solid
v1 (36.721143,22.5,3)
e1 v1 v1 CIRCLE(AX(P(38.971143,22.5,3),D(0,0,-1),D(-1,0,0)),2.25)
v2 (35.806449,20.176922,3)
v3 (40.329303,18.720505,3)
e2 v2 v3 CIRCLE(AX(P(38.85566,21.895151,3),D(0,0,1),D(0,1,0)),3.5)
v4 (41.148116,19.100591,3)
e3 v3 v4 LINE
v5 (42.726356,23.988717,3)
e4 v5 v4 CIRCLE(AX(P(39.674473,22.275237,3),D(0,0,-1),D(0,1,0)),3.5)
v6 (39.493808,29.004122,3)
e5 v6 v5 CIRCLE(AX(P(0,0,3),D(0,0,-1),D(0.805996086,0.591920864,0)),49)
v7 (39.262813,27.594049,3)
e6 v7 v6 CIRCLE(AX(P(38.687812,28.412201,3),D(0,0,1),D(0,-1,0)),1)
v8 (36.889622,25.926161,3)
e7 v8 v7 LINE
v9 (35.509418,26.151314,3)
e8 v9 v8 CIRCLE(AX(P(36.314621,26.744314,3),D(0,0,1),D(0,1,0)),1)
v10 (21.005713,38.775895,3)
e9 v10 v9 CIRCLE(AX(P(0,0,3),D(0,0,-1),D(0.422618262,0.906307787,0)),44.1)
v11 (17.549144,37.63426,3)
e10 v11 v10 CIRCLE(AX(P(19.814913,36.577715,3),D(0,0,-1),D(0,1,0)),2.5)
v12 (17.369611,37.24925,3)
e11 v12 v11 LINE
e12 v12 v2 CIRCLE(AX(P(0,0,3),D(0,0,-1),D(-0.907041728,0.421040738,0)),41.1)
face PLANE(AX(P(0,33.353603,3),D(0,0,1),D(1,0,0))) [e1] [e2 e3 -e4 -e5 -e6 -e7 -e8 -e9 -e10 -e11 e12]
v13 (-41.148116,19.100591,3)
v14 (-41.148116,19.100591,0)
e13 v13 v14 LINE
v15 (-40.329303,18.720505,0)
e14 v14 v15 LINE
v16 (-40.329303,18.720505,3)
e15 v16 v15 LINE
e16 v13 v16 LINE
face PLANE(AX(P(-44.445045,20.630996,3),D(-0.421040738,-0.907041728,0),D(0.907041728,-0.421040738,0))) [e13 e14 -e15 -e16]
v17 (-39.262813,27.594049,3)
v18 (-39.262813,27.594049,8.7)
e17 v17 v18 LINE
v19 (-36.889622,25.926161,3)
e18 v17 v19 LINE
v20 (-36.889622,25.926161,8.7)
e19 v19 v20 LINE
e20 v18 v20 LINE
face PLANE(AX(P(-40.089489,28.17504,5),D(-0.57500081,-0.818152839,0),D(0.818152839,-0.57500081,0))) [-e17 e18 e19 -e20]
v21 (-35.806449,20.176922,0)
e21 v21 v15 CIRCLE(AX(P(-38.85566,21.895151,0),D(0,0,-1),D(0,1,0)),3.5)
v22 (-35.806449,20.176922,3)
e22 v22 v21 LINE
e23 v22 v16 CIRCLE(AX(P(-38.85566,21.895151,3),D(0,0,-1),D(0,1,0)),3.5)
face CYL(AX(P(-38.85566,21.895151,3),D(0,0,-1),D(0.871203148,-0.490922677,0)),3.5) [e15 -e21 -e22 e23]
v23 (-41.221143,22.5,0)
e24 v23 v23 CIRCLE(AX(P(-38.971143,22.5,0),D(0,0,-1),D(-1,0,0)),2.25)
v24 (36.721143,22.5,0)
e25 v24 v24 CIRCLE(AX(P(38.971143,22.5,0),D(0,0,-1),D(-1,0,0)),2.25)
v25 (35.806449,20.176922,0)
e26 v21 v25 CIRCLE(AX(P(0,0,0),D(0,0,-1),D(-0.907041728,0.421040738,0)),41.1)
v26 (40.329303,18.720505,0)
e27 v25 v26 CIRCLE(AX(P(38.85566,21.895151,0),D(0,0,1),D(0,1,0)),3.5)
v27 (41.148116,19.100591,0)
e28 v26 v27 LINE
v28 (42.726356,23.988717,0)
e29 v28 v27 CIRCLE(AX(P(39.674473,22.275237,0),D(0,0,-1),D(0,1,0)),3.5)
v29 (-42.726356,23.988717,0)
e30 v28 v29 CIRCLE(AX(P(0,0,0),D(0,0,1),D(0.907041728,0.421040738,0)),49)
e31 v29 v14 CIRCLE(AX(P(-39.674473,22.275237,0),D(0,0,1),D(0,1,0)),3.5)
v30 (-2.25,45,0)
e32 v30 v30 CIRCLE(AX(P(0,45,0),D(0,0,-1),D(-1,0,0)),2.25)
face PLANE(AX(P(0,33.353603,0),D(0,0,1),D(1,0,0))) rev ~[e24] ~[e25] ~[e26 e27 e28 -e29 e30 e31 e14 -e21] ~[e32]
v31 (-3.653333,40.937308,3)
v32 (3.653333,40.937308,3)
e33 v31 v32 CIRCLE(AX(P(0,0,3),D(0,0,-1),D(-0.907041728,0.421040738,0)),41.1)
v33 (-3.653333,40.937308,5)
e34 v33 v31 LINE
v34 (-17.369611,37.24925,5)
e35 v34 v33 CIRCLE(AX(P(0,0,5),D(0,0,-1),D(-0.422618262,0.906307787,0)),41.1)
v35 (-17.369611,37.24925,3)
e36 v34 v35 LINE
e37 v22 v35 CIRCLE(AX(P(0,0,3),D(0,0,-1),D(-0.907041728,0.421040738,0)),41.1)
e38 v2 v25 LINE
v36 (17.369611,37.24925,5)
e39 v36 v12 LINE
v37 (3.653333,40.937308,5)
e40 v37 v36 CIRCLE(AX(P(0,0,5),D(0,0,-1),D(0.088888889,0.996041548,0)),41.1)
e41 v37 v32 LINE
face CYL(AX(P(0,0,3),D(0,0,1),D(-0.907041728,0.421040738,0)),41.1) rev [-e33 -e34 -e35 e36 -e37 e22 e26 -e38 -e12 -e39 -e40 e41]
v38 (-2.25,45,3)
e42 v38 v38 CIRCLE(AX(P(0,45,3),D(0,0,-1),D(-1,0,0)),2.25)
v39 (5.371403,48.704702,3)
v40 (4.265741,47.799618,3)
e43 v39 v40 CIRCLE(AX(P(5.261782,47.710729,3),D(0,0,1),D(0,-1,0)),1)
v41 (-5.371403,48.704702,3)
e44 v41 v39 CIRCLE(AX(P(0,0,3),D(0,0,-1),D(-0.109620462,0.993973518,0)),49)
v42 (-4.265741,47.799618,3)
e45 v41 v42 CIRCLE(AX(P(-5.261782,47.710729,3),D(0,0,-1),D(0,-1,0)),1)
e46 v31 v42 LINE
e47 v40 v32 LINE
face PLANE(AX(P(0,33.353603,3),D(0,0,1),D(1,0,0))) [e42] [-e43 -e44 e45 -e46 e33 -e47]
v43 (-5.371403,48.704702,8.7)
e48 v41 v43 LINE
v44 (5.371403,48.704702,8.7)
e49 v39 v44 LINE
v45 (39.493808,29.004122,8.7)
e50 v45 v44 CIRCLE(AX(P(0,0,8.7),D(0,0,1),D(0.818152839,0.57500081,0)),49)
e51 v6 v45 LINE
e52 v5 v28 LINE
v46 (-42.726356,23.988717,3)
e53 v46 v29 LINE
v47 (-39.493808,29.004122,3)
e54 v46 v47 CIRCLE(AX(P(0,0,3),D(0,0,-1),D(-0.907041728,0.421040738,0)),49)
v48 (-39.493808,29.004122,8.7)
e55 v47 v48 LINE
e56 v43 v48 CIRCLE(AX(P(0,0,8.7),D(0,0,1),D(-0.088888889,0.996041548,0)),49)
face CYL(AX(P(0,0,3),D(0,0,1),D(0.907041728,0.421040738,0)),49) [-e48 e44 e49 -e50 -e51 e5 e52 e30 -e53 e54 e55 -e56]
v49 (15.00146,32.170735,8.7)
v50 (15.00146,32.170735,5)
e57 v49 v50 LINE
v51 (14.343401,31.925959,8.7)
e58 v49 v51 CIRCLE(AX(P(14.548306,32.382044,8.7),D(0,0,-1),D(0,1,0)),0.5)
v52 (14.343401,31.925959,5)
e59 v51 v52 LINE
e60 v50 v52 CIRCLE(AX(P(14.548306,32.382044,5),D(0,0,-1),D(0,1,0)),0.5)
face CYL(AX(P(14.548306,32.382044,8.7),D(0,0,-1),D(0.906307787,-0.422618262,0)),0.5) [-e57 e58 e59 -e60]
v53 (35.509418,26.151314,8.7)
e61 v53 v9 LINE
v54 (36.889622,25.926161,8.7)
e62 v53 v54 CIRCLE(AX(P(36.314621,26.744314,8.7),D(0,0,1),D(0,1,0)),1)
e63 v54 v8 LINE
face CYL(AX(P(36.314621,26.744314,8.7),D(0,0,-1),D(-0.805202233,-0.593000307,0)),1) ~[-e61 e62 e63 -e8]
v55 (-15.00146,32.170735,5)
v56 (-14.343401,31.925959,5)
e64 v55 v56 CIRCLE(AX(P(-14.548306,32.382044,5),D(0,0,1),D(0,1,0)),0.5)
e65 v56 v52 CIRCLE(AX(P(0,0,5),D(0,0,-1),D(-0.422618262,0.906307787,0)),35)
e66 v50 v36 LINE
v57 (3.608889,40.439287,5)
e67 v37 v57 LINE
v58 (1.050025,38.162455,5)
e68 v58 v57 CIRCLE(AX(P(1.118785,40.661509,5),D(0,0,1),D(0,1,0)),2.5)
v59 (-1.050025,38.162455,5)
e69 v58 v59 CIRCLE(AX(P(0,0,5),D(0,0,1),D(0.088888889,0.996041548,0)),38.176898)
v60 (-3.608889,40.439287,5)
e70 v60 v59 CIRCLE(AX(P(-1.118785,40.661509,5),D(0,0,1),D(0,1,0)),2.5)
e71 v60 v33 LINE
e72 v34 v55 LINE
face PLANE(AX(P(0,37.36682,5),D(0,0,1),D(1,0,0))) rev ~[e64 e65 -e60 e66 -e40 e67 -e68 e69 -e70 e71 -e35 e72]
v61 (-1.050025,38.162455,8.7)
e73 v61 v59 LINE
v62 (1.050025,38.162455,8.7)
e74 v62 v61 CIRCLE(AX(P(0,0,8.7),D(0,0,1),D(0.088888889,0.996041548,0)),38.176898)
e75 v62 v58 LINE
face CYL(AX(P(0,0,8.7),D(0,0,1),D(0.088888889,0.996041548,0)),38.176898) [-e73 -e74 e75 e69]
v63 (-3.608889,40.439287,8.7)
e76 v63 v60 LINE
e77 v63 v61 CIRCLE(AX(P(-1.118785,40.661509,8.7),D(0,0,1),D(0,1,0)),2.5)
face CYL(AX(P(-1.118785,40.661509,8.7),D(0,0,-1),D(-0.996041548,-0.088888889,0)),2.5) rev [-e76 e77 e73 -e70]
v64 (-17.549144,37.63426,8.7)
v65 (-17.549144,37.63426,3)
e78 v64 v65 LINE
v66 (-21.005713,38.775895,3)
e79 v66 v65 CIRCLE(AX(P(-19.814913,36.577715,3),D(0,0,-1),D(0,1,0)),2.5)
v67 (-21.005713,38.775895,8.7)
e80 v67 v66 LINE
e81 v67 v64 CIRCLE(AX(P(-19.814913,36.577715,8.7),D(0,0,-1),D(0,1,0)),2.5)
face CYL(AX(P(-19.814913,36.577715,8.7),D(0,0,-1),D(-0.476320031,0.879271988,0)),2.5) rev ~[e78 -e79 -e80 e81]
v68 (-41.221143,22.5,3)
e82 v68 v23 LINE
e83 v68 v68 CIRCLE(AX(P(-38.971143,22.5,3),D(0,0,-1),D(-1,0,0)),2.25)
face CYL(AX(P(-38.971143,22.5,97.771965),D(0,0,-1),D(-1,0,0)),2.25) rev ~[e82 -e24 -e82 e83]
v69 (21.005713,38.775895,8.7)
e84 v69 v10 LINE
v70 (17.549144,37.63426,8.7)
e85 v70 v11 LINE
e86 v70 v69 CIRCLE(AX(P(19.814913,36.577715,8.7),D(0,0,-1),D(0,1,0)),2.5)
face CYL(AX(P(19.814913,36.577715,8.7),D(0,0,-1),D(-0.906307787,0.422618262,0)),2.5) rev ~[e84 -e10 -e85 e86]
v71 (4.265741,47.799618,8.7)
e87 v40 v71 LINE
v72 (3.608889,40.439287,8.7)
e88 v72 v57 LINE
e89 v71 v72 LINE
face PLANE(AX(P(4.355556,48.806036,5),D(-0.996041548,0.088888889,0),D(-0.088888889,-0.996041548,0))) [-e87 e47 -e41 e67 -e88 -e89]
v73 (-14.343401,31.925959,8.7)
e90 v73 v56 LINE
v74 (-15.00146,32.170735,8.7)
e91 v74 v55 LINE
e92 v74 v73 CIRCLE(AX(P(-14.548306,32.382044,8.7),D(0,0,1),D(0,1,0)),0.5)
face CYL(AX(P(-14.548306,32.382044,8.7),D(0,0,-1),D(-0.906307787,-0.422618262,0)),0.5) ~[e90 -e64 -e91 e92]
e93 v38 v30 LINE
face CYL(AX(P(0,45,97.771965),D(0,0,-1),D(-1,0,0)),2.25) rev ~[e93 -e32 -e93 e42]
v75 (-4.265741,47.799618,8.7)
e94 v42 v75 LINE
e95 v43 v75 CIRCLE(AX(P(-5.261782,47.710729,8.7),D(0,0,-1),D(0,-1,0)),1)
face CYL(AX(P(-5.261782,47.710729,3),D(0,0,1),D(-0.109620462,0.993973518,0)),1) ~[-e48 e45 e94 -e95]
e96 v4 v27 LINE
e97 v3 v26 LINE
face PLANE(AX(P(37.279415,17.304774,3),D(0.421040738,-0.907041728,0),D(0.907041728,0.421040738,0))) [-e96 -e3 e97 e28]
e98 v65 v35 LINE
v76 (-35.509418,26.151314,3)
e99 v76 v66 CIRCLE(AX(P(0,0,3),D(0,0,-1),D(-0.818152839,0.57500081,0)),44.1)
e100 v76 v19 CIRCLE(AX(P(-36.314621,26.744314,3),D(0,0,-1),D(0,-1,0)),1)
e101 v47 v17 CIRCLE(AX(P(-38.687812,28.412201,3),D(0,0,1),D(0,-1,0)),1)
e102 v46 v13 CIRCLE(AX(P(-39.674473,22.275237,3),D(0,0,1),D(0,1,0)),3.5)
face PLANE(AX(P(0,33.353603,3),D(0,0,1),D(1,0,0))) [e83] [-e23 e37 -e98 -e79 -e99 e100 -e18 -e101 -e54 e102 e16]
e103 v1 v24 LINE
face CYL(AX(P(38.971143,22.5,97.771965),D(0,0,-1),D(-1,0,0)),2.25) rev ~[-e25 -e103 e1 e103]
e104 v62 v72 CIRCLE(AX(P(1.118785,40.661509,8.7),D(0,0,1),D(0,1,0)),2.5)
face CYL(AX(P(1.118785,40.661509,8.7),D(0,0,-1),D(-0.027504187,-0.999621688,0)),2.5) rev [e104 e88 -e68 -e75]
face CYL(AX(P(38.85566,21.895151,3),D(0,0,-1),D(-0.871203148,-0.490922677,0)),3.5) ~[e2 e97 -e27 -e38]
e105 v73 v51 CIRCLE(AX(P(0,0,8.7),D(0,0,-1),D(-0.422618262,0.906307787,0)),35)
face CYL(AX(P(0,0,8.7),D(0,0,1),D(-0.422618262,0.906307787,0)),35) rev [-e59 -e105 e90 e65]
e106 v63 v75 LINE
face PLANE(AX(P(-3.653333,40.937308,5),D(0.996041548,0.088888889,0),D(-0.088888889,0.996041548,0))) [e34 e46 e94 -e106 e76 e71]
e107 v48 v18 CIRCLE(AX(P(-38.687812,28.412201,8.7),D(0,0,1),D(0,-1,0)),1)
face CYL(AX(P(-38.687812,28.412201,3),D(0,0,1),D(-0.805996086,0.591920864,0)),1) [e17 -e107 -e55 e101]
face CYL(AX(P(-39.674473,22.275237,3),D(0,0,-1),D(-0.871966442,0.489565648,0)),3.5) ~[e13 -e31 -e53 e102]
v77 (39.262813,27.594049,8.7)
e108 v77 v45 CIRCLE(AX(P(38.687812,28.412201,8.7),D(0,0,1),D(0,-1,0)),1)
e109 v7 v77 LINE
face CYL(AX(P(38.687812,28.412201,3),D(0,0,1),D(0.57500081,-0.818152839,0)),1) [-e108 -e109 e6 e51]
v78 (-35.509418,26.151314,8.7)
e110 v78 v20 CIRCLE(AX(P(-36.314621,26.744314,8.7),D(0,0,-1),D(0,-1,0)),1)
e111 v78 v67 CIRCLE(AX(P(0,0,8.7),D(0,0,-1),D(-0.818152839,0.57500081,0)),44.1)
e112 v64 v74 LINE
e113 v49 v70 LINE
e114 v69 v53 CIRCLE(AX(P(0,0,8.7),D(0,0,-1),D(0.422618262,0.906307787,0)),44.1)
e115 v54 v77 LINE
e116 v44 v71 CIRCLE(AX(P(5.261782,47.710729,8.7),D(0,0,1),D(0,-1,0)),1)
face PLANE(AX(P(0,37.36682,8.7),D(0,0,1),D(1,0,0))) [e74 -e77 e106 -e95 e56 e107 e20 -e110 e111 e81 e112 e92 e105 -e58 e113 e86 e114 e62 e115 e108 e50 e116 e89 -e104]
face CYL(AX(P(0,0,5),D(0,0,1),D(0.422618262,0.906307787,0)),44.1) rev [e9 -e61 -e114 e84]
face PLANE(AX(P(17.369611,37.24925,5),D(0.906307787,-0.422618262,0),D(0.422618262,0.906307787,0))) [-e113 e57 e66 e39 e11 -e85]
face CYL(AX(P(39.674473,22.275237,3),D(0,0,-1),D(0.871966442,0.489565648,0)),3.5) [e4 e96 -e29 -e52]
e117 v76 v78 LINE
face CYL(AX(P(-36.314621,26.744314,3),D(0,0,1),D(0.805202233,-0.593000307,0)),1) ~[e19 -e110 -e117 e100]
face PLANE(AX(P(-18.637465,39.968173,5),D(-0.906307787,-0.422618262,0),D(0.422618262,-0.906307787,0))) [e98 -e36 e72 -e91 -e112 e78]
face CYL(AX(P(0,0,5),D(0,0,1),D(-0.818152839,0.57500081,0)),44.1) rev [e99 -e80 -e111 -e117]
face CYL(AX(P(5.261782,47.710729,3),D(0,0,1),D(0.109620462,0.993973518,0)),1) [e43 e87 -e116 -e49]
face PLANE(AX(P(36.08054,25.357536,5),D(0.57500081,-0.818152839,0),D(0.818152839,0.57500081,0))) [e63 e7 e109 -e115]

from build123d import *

# Parameters (mm, degrees)
EXTRUDE_1_DEPTH         = 3.699999999999999
EXTRUDE_2_DEPTH         = 2
EXTRUDE_3_DEPTH         = 2
EXTRUDE_4_DEPTH         = 2.9999999999999996
HOLE_WIZARD_4_5_4_5_1_D = 4.5
FILLET_1_R              = 0.5
FILLET_2_R              = 1
FILLET_3_R              = 2.5
FILLET_4_R              = 3.5


with BuildPart() as part:
    # 草图1 → 凸台-拉伸1 (new body)
    with BuildSketch(Plane.XY.offset(8.7)):
        with BuildLine():
            Line((14.79163916092453, 31.720772546282735), (18.637465342764905, 39.96817340831624))
            ThreePointArc((18.637465342764905, 39.96817340831624), (28.317533729903538, 33.807207566668026), (36.080540216984, 25.357535717230103))
            Line((36.080540216984, 25.357535717230103), (40.08948912998223, 28.17503968581122))
            ThreePointArc((40.08948912998223, 28.17503968581122), (24.49999999999949, 42.435244785437796), (4.3555555555549486, 48.80603585421044))
            Line((4.3555555555549486, 48.80603585421044), (3.3935020106793496, 38.025776205131926))
            ThreePointArc((3.3935020106793496, 38.025776205131926), (-2.3395e-13, 38.176897620148004), (-3.3935020106798226, 38.02577620513189))
            Line((-3.3935020106798226, 38.02577620513189), (-4.355555555555555, 48.80603585421038))
            ThreePointArc((-4.355555555555555, 48.80603585421038), (-24.50000000000001, 42.43524478543748), (-40.0894891299826, 28.17503968581074))
            Line((-40.0894891299826, 28.17503968581074), (-36.08054021698431, 25.357535717229652))
            ThreePointArc((-36.08054021698431, 25.357535717229652), (-28.317533729903744, 33.80720756666784), (-18.637465342764894, 39.96817340831625))
            Line((-18.637465342764894, 39.96817340831625), (-14.791639160924516, 31.720772546282742))
            ThreePointArc((-14.791639160924516, 31.720772546282742), (3.21e-15, 35.00000000000001), (14.79163916092453, 31.720772546282735))
        make_face()
    extrude(amount=-EXTRUDE_1_DEPTH)

    # 草图2 → 凸台-拉伸2 (add)
    with BuildSketch(Plane(origin=(0, 0, 5.000000000000001), x_dir=(-1, 0, 0), z_dir=(0, 0, -1))):
        with BuildLine():
            Line((-36.080540216984, 25.357535717230096), (-40.089489129982226, 28.175039685811218))
            ThreePointArc((-40.089489129982226, 28.175039685811218), (-24.499999999998106, 42.435244785438584), (-4.355555555551784, 48.806035854210705))
            Line((-4.355555555551784, 48.806035854210705), (-3.6533333333301714, 40.93730762465429))
            ThreePointArc((-3.6533333333301714, 40.93730762465429), (-10.67199534451459, 39.690282379527844), (-17.3696105575428, 37.249250047206296))
            Line((-17.3696105575428, 37.249250047206296), (-18.63746534276491, 39.96817340831625))
            ThreePointArc((-18.63746534276491, 39.96817340831625), (-28.317533729903555, 33.80720756666802), (-36.080540216984, 25.357535717230096))
        make_face()
    extrude(amount=EXTRUDE_2_DEPTH)

    # 草图3 → 凸台-拉伸3 (add)
    with BuildSketch(Plane(origin=(0, 0, 5.000000000000001), x_dir=(-1, 0, 0), z_dir=(0, 0, -1))):
        with BuildLine():
            Line((3.6533333333333347, 40.937307624654004), (4.355555555555555, 48.80603585421038))
            ThreePointArc((4.355555555555555, 48.80603585421038), (24.500000000000018, 42.43524478543748), (40.089489129982574, 28.175039685810727))
            Line((40.089489129982574, 28.175039685810727), (36.08054021698431, 25.357535717229652))
            ThreePointArc((36.08054021698431, 25.357535717229652), (28.317533729903737, 33.80720756666785), (18.637465342764894, 39.96817340831625))
            Line((18.637465342764894, 39.96817340831625), (17.369610557542792, 37.24925004720629))
            ThreePointArc((17.369610557542792, 37.24925004720629), (10.671995344516127, 39.69028237952743), (3.6533333333333347, 40.937307624654004))
        make_face()
    extrude(amount=EXTRUDE_3_DEPTH)

    # 草图4 → 凸台-拉伸4 (add)
    with BuildSketch(Plane.XY.offset(3)):
        with BuildLine():
            Line((-44.44504468553815, 20.63099616839955), (-37.27941503215546, 17.304774337167785))
            ThreePointArc((-37.27941503215546, 17.304774337167785), (-2.4282e-13, 41.099999999999994), (37.27941503215526, 17.304774337168233))
            Line((37.27941503215526, 17.304774337168233), (44.44504468553791, 20.630996168400085))
            ThreePointArc((44.44504468553791, 20.630996168400085), (-2.897e-13, 49.00000000000001), (-44.44504468553815, 20.63099616839955))
        make_face()
    extrude(amount=-EXTRUDE_4_DEPTH)

    # Ø4.5 (4.5) 直径孔1 (through all)
    with Locations(Plane.XY.offset(3)):
        with Locations((-38.97114317, 22.5), (38.97114317, 22.5), (0, 45)):
            Hole(HOLE_WIZARD_4_5_4_5_1_D / 2)

    # 圆角1
    fillet_1_edges = [part.edges().sort_by_distance(p)[0] for p in [
        (-14.791639160924518, 31.720772546282745, 6.85),
        (14.791639160924529, 31.72077254628274, 6.85),
    ]]
    fillet(fillet_1_edges, radius=FILLET_1_R)

    # 圆角2
    fillet_2_edges = [part.edges().sort_by_distance(p)[0] for p in [
        (-36.08054021698432, 25.357535717229656, 5.85),
        (-40.089489129982596, 28.175039685810734, 5.85),
        (-4.355555555555555, 48.80603585421038, 5.85),
        (4.3555555555533685, 48.80603585421058, 5.85),
        (40.08948912998223, 28.17503968581122, 5.85),
        (36.080540216984, 25.357535717230103, 5.85),
    ]]
    fillet(fillet_2_edges, radius=FILLET_2_R)

    # 圆角3
    fillet_3_edges = [part.edges().sort_by_distance(p)[0] for p in [
        (-18.637465342764898, 39.96817340831625, 5.85),
        (-3.3935020106798235, 38.02577620513189, 6.85),
        (3.3935020106793496, 38.02577620513193, 6.85),
        (18.637465342764905, 39.96817340831625, 5.85),
    ]]
    fillet(fillet_3_edges, radius=FILLET_3_R)

    # 圆角4
    fillet_4_edges = [part.edges().sort_by_distance(p)[0] for p in [
        (-44.44504468553815, 20.630996168399555, 1.5000000000000002),
        (44.44504468553791, 20.630996168400085, 1.5000000000000002),
        (37.27941503215526, 17.30477433716824, 1.5000000000000002),
        (-37.27941503215546, 17.304774337167785, 1.5000000000000002),
    ]]
    fillet(fillet_4_edges, radius=FILLET_4_R)


solid = part.part
